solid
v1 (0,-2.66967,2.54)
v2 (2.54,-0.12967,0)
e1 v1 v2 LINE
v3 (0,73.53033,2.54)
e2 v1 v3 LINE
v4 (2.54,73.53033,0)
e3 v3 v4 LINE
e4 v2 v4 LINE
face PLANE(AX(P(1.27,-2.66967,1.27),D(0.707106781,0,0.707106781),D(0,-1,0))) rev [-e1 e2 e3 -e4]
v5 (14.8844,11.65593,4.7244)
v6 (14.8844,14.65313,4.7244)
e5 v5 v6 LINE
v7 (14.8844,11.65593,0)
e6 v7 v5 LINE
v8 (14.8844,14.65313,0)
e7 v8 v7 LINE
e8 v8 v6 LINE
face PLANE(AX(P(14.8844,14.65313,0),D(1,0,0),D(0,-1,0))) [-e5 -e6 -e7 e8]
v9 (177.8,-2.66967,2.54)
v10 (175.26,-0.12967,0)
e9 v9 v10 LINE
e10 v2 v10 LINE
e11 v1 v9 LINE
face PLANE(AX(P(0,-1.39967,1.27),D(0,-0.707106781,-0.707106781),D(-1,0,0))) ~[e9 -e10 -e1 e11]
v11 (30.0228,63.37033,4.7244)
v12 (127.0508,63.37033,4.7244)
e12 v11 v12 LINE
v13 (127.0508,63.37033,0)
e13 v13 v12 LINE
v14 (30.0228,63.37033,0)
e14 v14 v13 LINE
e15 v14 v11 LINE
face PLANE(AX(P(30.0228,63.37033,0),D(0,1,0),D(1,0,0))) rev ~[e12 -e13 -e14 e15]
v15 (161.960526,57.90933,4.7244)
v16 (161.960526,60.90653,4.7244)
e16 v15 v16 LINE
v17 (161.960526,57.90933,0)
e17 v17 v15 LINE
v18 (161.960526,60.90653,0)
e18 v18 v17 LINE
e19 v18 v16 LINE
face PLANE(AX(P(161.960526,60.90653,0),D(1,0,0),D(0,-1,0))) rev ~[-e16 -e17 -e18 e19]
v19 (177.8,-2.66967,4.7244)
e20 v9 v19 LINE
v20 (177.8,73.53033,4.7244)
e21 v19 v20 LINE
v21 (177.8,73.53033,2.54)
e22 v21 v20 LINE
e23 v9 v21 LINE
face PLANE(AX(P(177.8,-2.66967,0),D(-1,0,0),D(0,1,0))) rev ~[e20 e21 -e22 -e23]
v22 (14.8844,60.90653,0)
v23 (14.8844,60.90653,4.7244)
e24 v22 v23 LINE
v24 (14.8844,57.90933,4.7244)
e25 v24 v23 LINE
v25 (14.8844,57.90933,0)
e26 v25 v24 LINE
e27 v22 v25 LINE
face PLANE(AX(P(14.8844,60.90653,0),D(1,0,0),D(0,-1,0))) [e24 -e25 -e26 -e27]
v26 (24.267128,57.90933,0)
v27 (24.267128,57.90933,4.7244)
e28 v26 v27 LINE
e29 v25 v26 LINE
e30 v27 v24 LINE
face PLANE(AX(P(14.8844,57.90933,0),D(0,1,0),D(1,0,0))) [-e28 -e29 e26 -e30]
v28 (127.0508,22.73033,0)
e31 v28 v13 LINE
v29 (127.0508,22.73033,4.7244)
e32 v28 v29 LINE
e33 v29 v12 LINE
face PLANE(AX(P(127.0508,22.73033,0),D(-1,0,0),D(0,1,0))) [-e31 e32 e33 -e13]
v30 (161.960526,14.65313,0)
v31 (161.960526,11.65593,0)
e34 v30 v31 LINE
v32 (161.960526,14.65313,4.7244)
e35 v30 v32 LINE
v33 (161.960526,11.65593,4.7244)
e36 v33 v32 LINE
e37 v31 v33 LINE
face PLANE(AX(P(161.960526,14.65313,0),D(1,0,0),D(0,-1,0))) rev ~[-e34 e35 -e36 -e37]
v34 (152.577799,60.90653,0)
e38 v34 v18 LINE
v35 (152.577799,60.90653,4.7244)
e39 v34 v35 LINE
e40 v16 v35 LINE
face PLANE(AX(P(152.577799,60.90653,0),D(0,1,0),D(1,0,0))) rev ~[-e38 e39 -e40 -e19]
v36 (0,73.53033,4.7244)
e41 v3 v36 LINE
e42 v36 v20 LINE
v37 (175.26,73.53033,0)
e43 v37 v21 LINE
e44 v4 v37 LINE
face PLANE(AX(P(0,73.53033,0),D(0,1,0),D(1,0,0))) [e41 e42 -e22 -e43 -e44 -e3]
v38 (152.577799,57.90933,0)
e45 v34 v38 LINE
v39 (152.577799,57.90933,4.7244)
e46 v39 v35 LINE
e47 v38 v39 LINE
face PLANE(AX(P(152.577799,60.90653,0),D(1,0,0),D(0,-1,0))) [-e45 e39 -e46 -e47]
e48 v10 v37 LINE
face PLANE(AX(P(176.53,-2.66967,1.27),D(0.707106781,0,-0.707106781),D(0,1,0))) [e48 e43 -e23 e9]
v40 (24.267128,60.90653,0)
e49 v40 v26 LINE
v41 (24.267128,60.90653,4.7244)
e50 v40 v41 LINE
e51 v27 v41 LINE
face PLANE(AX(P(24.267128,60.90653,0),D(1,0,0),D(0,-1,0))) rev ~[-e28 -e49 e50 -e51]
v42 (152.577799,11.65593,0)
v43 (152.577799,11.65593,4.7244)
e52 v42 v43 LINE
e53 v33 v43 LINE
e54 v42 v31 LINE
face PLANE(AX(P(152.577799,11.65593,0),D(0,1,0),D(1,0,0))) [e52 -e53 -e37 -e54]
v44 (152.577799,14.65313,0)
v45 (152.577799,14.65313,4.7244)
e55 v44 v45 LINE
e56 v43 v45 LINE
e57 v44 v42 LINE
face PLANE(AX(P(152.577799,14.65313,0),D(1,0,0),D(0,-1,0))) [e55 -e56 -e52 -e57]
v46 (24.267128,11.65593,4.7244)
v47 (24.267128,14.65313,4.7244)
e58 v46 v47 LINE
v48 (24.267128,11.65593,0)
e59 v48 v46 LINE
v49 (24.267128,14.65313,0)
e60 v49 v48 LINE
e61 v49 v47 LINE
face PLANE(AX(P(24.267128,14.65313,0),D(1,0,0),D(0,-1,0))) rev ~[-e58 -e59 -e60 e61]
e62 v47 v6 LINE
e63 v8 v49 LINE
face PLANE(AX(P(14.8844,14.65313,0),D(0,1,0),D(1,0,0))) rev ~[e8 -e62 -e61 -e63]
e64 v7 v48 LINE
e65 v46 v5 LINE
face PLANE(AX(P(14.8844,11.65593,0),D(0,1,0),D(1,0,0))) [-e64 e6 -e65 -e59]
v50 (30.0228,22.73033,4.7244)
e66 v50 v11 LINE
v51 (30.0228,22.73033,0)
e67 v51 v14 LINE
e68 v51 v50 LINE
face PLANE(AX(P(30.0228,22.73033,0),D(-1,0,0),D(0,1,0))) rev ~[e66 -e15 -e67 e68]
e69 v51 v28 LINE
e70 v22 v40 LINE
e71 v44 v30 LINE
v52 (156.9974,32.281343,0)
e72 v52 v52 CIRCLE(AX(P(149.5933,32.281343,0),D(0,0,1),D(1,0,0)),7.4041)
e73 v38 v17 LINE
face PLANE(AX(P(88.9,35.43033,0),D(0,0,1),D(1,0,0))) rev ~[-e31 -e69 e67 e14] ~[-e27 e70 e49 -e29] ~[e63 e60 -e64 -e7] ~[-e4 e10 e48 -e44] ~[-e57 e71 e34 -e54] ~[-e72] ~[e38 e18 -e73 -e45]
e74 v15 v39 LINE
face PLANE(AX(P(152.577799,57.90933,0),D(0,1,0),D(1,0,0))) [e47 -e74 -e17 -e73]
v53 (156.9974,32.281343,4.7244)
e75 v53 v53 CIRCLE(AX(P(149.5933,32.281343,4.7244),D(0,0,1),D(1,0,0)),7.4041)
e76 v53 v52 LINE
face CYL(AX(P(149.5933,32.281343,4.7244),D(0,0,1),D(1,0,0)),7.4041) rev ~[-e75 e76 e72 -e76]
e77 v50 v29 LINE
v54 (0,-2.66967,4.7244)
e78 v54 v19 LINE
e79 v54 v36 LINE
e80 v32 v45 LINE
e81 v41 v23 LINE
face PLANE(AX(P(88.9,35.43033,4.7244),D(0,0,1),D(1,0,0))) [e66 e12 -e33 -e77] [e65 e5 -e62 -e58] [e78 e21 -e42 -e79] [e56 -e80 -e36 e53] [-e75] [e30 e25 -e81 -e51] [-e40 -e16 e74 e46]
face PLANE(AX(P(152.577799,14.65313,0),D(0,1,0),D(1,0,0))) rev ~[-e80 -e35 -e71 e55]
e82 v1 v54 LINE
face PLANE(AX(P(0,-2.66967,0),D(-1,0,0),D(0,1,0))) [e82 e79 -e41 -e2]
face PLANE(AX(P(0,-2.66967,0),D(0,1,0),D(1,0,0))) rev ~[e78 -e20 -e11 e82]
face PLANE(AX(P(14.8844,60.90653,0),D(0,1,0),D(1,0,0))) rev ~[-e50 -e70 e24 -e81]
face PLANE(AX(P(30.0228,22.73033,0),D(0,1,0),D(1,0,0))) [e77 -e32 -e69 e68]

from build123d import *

# Parameters (mm, degrees)
F0_W     = 177.8
F0_H     = 76.2
F0_W_2   = 97.028
F0_H_2   = 40.64
F1_DEPTH = 4.7244
F2_R     = 7.4041
F3_DEPTH = 25.4
F4_SIZE  = 2.54
F5_W     = 9.382727
F5_H     = 2.9972
F6_DEPTH = 25.4


with BuildPart() as f1:
    # F0 (on Top) → F1 (new body)
    with BuildSketch(Plane.XY):
        with Locations((88.9, 35.43033)):
            Rectangle(F0_W, F0_H)
        with Locations((78.5368, 43.05033)):
            Rectangle(F0_W_2, F0_H_2, mode=Mode.SUBTRACT)
    extrude(amount=F1_DEPTH)

    # F2 (on face) → F3 (cut)
    with BuildSketch(Plane.XY.offset(4.7244)):
        with Locations((149.5933, 32.281343)):
            Circle(F2_R)
    extrude(amount=-F3_DEPTH, mode=Mode.SUBTRACT)

    # F4
    f4_edges = [f1.edges().sort_by_distance(p)[0] for p in [
        (0, 35.43033, 0),
        (88.9, -2.66967, 0),
        (177.8, 35.43033, 0),
    ]]
    chamfer(f4_edges, length=F4_SIZE)

    # F5 (on face) → F6 (cut)
    with BuildSketch(Plane(origin=(0, 0, 0), x_dir=(1, 0, 0), z_dir=(0, 0, -1))):
        with Locations((19.575764, -13.15453)):
            Rectangle(F5_W, F5_H)
        with Locations((19.575764, -59.40793)):
            Rectangle(F5_W, F5_H)
        with Locations((157.269163, -13.15453)):
            Rectangle(F5_W, F5_H)
        with Locations((157.269163, -59.40793)):
            Rectangle(F5_W, F5_H)
    extrude(amount=-F6_DEPTH, mode=Mode.SUBTRACT)


solid = f1.part
